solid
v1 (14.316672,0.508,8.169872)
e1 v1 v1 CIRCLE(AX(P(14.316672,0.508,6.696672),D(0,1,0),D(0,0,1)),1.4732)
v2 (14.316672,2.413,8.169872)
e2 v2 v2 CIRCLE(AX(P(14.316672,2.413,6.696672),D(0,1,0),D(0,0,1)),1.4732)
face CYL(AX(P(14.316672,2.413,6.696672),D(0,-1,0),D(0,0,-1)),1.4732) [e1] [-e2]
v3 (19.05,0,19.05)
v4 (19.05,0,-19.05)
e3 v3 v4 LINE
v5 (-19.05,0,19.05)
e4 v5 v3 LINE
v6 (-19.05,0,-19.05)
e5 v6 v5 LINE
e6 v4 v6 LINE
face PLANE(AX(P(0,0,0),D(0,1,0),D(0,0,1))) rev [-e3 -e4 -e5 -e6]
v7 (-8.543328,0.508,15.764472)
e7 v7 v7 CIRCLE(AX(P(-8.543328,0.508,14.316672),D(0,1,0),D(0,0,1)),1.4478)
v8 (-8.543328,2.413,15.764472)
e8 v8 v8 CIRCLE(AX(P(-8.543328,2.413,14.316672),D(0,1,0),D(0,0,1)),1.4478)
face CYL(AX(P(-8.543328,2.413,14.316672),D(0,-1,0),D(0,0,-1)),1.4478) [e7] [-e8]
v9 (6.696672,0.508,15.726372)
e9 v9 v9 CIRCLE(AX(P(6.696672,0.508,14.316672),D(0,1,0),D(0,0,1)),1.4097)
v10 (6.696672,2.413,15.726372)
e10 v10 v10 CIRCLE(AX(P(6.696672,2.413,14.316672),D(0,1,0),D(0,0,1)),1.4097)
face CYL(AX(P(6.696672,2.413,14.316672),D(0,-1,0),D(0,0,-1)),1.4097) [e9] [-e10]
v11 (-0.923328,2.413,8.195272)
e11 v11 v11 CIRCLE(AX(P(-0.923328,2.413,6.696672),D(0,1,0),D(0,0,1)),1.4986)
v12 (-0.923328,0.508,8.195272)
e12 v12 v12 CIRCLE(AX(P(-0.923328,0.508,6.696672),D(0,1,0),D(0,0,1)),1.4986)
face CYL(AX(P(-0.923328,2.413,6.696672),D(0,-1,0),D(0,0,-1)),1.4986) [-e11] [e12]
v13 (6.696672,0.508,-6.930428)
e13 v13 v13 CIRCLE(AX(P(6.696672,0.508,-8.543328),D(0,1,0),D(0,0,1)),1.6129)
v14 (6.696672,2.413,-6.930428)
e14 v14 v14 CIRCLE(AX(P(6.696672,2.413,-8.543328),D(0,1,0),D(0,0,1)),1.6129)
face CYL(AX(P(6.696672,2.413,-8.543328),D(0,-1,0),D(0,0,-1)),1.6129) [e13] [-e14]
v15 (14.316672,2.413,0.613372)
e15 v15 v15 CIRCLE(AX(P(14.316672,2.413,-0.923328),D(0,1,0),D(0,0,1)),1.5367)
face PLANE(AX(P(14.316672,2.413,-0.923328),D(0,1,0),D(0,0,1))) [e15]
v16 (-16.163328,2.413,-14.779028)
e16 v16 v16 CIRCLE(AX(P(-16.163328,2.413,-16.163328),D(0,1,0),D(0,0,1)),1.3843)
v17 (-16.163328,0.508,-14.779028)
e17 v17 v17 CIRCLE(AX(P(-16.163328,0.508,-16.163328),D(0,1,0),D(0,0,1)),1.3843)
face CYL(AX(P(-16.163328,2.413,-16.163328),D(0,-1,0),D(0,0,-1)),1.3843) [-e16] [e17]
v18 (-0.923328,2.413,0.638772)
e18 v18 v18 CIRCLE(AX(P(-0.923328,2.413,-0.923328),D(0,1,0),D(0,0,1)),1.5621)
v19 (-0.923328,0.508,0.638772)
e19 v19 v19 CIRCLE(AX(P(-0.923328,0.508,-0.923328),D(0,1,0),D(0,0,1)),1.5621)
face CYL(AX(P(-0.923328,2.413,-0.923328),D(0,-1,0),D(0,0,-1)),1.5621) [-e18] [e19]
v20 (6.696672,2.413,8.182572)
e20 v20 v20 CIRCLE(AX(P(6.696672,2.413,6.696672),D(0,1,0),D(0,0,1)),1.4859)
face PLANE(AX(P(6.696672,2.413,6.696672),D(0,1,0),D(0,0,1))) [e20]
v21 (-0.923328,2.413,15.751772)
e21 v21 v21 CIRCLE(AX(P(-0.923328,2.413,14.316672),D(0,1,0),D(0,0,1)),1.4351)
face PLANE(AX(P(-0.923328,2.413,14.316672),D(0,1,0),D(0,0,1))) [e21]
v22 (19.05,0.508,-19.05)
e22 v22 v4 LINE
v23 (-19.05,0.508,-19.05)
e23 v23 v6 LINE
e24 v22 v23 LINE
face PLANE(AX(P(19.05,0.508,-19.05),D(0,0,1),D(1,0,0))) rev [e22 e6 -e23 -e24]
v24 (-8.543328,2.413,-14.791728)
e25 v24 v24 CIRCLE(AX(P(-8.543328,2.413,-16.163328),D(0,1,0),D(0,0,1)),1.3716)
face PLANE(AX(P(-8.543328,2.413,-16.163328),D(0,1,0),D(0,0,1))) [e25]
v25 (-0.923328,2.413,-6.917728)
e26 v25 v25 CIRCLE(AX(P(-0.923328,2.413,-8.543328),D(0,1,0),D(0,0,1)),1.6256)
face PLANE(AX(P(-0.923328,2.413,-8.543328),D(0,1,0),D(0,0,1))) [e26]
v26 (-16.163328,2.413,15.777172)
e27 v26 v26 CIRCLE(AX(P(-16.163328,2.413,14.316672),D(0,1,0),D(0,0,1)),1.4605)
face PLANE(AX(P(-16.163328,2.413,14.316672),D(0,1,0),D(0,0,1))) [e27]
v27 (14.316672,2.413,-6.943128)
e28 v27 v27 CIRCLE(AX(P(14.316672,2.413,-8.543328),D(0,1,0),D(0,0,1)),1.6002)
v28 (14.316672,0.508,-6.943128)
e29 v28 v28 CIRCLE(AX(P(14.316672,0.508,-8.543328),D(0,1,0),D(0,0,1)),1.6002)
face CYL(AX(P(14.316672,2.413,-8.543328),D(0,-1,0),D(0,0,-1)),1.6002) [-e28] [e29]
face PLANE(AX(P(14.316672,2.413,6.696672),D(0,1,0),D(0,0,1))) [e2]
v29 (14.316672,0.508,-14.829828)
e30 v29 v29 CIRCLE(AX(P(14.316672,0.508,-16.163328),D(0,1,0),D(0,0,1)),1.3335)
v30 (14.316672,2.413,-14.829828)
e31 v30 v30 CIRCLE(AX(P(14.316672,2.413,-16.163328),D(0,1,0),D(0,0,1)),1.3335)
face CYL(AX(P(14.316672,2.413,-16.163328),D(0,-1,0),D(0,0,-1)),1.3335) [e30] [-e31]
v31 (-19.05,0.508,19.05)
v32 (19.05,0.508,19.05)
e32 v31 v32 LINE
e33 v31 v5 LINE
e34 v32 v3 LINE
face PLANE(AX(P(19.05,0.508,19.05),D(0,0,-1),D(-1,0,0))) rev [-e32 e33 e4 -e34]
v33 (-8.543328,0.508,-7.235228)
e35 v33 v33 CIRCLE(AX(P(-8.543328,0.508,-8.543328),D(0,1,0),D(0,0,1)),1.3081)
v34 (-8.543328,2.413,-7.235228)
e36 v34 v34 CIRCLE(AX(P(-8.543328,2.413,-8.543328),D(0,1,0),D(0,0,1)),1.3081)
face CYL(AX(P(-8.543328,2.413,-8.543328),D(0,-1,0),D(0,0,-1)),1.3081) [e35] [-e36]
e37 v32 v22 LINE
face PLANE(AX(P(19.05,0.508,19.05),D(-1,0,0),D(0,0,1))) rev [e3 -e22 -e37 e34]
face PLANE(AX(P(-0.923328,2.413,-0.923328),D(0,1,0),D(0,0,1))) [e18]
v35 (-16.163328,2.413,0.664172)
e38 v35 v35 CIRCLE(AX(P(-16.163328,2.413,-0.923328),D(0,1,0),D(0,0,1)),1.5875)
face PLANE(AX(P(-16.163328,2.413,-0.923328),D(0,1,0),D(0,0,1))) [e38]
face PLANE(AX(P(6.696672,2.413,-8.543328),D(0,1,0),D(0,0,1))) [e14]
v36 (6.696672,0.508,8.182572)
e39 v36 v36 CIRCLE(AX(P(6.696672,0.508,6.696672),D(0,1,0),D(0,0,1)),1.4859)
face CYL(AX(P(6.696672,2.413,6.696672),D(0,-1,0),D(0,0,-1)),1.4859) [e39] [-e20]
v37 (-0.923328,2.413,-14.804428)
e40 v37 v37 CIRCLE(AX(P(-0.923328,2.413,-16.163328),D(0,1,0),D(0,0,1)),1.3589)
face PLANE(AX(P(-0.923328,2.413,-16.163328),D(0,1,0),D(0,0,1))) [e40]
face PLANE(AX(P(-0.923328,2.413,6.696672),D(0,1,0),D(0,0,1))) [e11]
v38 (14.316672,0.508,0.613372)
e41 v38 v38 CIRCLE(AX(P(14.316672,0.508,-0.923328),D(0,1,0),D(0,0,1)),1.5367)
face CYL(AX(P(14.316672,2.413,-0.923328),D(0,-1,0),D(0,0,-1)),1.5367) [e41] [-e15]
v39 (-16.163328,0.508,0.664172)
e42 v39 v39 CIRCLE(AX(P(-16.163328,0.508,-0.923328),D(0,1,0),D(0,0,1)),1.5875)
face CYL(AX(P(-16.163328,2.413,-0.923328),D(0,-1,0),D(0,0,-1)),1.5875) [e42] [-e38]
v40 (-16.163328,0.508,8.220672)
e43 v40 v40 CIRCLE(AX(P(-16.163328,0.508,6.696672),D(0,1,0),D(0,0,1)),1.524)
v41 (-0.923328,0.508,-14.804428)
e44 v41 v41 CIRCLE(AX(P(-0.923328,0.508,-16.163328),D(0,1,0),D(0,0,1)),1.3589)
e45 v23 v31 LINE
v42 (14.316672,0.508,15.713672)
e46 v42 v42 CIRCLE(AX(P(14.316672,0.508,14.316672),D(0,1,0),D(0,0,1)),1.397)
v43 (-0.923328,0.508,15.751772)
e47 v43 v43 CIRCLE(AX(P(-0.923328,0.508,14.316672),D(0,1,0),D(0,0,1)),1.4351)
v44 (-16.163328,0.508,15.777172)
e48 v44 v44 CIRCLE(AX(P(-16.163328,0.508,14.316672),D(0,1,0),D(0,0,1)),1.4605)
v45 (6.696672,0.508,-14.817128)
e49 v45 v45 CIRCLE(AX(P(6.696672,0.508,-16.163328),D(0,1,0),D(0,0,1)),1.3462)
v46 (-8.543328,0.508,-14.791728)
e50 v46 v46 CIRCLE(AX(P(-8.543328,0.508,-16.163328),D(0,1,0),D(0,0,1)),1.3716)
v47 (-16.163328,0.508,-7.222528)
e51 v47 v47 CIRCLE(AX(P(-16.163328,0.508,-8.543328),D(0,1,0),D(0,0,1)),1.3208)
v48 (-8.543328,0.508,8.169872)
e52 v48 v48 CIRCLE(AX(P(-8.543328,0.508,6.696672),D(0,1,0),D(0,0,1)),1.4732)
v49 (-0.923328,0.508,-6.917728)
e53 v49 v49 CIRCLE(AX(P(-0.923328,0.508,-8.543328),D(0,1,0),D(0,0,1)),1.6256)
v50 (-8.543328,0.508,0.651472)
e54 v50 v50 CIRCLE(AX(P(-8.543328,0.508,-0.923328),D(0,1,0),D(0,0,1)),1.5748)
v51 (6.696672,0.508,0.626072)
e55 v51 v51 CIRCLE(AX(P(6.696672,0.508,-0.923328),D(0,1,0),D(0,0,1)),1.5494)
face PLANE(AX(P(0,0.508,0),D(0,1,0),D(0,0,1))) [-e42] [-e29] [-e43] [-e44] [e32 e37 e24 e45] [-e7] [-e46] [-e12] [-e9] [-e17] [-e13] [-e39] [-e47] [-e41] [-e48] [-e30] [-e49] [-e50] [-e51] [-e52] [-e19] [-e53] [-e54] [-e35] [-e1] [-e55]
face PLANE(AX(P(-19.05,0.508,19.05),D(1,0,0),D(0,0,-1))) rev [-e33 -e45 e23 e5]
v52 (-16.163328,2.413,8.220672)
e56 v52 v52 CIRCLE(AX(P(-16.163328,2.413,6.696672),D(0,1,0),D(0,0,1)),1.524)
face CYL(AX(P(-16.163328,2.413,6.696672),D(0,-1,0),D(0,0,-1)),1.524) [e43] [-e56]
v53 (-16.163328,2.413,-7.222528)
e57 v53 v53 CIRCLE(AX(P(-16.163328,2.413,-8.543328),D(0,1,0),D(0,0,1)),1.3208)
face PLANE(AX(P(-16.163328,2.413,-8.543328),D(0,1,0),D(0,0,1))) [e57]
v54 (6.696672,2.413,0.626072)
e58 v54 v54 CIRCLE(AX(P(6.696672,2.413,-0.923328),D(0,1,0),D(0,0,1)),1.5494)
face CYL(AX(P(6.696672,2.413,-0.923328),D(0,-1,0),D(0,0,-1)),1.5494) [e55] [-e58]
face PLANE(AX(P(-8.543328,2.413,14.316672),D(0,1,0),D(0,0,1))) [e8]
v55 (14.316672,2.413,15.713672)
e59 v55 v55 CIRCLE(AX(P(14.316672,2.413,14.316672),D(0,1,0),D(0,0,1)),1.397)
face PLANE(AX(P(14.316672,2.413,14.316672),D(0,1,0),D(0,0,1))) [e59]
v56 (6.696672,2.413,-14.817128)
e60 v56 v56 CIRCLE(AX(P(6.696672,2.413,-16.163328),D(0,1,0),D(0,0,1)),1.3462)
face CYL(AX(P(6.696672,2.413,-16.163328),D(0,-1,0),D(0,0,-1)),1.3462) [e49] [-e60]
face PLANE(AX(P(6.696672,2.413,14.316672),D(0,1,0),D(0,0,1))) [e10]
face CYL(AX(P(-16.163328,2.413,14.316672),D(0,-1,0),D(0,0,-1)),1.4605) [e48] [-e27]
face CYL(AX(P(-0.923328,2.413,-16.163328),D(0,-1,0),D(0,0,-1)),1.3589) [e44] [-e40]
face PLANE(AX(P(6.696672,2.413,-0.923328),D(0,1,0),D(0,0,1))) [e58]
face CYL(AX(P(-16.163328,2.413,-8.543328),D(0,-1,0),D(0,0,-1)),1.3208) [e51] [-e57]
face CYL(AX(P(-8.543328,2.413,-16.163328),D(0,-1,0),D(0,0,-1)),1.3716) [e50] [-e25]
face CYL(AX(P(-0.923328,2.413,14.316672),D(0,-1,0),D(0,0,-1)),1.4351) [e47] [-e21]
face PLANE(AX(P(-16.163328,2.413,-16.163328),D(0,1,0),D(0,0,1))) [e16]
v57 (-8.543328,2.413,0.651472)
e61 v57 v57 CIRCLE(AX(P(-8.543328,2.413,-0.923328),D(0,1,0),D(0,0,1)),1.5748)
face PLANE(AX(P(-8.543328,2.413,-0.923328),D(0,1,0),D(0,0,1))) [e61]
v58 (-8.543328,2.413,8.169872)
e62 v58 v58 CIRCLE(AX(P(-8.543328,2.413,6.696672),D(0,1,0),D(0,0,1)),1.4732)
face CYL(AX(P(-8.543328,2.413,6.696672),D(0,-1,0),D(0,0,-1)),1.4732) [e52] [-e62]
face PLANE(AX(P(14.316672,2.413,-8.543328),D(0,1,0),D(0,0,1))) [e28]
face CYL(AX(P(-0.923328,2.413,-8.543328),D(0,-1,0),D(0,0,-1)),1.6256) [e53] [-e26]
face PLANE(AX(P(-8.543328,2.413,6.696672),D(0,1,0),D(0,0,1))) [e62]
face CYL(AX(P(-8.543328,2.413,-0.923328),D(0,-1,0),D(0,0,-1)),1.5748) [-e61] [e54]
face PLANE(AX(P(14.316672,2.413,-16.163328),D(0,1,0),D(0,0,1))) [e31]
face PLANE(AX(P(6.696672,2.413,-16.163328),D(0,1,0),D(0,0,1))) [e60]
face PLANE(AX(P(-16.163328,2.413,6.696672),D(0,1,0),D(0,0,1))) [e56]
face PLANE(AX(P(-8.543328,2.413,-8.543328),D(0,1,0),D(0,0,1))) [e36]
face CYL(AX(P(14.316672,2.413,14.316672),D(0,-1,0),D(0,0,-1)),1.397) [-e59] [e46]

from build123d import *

# Parameters (mm, degrees)
SKETCH1_W           = 38.1
SKETCH1_H           = 38.1
BOSS_EXTRUDE1_DEPTH = 0.508
SKETCH2_R           = 1.3843
SKETCH2_R_2         = 1.3716
SKETCH2_R_3         = 1.3589
SKETCH2_R_4         = 1.3462
SKETCH2_R_5         = 1.3335
SKETCH2_R_6         = 1.3081
SKETCH2_R_7         = 1.6256
SKETCH2_R_8         = 1.6129
SKETCH2_R_9         = 1.6002
SKETCH2_R_10        = 1.5748
SKETCH2_R_11        = 1.5621
SKETCH2_R_12        = 1.5494
SKETCH2_R_13        = 1.5367
SKETCH2_R_14        = 1.4732
SKETCH2_R_15        = 1.4986
SKETCH2_R_16        = 1.4859
SKETCH2_R_17        = 1.4478
SKETCH2_R_18        = 1.4351
SKETCH2_R_19        = 1.4097
SKETCH2_R_20        = 1.397
SKETCH2_R_21        = 1.3208
SKETCH2_R_22        = 1.5875
SKETCH2_R_23        = 1.524
SKETCH2_R_24        = 1.4605
BOSS_EXTRUDE2_DEPTH = 1.905


with BuildPart() as part:
    # Sketch1 → Boss-Extrude1 (new body)
    with BuildSketch(Plane(origin=(0, 0, 0), x_dir=(1, 0, 0), z_dir=(0, 1, 0))):
        Rectangle(SKETCH1_W, SKETCH1_H)
    extrude(amount=BOSS_EXTRUDE1_DEPTH)

    # Sketch2 → Boss-Extrude2 (add)
    with BuildSketch(Plane(origin=(0, 0.508, 0), x_dir=(1, 0, 0), z_dir=(0, 1, 0))):
        with Locations((-16.163328468, 16.163328468)):
            Circle(SKETCH2_R)
        with Locations((-8.543328468, 16.163328468)):
            Circle(SKETCH2_R_2)
        with Locations((-0.923328468, 16.163328468)):
            Circle(SKETCH2_R_3)
        with Locations((6.696671532, 16.163328468)):
            Circle(SKETCH2_R_4)
        with Locations((14.316671532, 16.163328468)):
            Circle(SKETCH2_R_5)
        with Locations((-8.543328468, 8.543328468)):
            Circle(SKETCH2_R_6)
        with Locations((-0.923328468, 8.543328468)):
            Circle(SKETCH2_R_7)
        with Locations((6.696671532, 8.543328468)):
            Circle(SKETCH2_R_8)
        with Locations((14.316671532, 8.543328468)):
            Circle(SKETCH2_R_9)
        with Locations((-8.543328468, 0.923328468)):
            Circle(SKETCH2_R_10)
        with Locations((-0.923328468, 0.923328468)):
            Circle(SKETCH2_R_11)
        with Locations((6.696671532, 0.923328468)):
            Circle(SKETCH2_R_12)
        with Locations((14.316671532, 0.923328468)):
            Circle(SKETCH2_R_13)
        with Locations((-8.543328468, -6.696671532)):
            Circle(SKETCH2_R_14)
        with Locations((-0.923328468, -6.696671532)):
            Circle(SKETCH2_R_15)
        with Locations((6.696671532, -6.696671532)):
            Circle(SKETCH2_R_16)
        with Locations((14.316671532, -6.696671532)):
            Circle(SKETCH2_R_14)
        with Locations((-8.543328468, -14.316671532)):
            Circle(SKETCH2_R_17)
        with Locations((-0.923328468, -14.316671532)):
            Circle(SKETCH2_R_18)
        with Locations((6.696671532, -14.316671532)):
            Circle(SKETCH2_R_19)
        with Locations((14.316671532, -14.316671532)):
            Circle(SKETCH2_R_20)
        with Locations((-16.163328468, 8.543328468)):
            Circle(SKETCH2_R_21)
        with Locations((-16.163328468, 0.923328468)):
            Circle(SKETCH2_R_22)
        with Locations((-16.163328468, -6.696671532)):
            Circle(SKETCH2_R_23)
        with Locations((-16.163328468, -14.316671532)):
            Circle(SKETCH2_R_24)
    extrude(amount=BOSS_EXTRUDE2_DEPTH)


solid = part.part
